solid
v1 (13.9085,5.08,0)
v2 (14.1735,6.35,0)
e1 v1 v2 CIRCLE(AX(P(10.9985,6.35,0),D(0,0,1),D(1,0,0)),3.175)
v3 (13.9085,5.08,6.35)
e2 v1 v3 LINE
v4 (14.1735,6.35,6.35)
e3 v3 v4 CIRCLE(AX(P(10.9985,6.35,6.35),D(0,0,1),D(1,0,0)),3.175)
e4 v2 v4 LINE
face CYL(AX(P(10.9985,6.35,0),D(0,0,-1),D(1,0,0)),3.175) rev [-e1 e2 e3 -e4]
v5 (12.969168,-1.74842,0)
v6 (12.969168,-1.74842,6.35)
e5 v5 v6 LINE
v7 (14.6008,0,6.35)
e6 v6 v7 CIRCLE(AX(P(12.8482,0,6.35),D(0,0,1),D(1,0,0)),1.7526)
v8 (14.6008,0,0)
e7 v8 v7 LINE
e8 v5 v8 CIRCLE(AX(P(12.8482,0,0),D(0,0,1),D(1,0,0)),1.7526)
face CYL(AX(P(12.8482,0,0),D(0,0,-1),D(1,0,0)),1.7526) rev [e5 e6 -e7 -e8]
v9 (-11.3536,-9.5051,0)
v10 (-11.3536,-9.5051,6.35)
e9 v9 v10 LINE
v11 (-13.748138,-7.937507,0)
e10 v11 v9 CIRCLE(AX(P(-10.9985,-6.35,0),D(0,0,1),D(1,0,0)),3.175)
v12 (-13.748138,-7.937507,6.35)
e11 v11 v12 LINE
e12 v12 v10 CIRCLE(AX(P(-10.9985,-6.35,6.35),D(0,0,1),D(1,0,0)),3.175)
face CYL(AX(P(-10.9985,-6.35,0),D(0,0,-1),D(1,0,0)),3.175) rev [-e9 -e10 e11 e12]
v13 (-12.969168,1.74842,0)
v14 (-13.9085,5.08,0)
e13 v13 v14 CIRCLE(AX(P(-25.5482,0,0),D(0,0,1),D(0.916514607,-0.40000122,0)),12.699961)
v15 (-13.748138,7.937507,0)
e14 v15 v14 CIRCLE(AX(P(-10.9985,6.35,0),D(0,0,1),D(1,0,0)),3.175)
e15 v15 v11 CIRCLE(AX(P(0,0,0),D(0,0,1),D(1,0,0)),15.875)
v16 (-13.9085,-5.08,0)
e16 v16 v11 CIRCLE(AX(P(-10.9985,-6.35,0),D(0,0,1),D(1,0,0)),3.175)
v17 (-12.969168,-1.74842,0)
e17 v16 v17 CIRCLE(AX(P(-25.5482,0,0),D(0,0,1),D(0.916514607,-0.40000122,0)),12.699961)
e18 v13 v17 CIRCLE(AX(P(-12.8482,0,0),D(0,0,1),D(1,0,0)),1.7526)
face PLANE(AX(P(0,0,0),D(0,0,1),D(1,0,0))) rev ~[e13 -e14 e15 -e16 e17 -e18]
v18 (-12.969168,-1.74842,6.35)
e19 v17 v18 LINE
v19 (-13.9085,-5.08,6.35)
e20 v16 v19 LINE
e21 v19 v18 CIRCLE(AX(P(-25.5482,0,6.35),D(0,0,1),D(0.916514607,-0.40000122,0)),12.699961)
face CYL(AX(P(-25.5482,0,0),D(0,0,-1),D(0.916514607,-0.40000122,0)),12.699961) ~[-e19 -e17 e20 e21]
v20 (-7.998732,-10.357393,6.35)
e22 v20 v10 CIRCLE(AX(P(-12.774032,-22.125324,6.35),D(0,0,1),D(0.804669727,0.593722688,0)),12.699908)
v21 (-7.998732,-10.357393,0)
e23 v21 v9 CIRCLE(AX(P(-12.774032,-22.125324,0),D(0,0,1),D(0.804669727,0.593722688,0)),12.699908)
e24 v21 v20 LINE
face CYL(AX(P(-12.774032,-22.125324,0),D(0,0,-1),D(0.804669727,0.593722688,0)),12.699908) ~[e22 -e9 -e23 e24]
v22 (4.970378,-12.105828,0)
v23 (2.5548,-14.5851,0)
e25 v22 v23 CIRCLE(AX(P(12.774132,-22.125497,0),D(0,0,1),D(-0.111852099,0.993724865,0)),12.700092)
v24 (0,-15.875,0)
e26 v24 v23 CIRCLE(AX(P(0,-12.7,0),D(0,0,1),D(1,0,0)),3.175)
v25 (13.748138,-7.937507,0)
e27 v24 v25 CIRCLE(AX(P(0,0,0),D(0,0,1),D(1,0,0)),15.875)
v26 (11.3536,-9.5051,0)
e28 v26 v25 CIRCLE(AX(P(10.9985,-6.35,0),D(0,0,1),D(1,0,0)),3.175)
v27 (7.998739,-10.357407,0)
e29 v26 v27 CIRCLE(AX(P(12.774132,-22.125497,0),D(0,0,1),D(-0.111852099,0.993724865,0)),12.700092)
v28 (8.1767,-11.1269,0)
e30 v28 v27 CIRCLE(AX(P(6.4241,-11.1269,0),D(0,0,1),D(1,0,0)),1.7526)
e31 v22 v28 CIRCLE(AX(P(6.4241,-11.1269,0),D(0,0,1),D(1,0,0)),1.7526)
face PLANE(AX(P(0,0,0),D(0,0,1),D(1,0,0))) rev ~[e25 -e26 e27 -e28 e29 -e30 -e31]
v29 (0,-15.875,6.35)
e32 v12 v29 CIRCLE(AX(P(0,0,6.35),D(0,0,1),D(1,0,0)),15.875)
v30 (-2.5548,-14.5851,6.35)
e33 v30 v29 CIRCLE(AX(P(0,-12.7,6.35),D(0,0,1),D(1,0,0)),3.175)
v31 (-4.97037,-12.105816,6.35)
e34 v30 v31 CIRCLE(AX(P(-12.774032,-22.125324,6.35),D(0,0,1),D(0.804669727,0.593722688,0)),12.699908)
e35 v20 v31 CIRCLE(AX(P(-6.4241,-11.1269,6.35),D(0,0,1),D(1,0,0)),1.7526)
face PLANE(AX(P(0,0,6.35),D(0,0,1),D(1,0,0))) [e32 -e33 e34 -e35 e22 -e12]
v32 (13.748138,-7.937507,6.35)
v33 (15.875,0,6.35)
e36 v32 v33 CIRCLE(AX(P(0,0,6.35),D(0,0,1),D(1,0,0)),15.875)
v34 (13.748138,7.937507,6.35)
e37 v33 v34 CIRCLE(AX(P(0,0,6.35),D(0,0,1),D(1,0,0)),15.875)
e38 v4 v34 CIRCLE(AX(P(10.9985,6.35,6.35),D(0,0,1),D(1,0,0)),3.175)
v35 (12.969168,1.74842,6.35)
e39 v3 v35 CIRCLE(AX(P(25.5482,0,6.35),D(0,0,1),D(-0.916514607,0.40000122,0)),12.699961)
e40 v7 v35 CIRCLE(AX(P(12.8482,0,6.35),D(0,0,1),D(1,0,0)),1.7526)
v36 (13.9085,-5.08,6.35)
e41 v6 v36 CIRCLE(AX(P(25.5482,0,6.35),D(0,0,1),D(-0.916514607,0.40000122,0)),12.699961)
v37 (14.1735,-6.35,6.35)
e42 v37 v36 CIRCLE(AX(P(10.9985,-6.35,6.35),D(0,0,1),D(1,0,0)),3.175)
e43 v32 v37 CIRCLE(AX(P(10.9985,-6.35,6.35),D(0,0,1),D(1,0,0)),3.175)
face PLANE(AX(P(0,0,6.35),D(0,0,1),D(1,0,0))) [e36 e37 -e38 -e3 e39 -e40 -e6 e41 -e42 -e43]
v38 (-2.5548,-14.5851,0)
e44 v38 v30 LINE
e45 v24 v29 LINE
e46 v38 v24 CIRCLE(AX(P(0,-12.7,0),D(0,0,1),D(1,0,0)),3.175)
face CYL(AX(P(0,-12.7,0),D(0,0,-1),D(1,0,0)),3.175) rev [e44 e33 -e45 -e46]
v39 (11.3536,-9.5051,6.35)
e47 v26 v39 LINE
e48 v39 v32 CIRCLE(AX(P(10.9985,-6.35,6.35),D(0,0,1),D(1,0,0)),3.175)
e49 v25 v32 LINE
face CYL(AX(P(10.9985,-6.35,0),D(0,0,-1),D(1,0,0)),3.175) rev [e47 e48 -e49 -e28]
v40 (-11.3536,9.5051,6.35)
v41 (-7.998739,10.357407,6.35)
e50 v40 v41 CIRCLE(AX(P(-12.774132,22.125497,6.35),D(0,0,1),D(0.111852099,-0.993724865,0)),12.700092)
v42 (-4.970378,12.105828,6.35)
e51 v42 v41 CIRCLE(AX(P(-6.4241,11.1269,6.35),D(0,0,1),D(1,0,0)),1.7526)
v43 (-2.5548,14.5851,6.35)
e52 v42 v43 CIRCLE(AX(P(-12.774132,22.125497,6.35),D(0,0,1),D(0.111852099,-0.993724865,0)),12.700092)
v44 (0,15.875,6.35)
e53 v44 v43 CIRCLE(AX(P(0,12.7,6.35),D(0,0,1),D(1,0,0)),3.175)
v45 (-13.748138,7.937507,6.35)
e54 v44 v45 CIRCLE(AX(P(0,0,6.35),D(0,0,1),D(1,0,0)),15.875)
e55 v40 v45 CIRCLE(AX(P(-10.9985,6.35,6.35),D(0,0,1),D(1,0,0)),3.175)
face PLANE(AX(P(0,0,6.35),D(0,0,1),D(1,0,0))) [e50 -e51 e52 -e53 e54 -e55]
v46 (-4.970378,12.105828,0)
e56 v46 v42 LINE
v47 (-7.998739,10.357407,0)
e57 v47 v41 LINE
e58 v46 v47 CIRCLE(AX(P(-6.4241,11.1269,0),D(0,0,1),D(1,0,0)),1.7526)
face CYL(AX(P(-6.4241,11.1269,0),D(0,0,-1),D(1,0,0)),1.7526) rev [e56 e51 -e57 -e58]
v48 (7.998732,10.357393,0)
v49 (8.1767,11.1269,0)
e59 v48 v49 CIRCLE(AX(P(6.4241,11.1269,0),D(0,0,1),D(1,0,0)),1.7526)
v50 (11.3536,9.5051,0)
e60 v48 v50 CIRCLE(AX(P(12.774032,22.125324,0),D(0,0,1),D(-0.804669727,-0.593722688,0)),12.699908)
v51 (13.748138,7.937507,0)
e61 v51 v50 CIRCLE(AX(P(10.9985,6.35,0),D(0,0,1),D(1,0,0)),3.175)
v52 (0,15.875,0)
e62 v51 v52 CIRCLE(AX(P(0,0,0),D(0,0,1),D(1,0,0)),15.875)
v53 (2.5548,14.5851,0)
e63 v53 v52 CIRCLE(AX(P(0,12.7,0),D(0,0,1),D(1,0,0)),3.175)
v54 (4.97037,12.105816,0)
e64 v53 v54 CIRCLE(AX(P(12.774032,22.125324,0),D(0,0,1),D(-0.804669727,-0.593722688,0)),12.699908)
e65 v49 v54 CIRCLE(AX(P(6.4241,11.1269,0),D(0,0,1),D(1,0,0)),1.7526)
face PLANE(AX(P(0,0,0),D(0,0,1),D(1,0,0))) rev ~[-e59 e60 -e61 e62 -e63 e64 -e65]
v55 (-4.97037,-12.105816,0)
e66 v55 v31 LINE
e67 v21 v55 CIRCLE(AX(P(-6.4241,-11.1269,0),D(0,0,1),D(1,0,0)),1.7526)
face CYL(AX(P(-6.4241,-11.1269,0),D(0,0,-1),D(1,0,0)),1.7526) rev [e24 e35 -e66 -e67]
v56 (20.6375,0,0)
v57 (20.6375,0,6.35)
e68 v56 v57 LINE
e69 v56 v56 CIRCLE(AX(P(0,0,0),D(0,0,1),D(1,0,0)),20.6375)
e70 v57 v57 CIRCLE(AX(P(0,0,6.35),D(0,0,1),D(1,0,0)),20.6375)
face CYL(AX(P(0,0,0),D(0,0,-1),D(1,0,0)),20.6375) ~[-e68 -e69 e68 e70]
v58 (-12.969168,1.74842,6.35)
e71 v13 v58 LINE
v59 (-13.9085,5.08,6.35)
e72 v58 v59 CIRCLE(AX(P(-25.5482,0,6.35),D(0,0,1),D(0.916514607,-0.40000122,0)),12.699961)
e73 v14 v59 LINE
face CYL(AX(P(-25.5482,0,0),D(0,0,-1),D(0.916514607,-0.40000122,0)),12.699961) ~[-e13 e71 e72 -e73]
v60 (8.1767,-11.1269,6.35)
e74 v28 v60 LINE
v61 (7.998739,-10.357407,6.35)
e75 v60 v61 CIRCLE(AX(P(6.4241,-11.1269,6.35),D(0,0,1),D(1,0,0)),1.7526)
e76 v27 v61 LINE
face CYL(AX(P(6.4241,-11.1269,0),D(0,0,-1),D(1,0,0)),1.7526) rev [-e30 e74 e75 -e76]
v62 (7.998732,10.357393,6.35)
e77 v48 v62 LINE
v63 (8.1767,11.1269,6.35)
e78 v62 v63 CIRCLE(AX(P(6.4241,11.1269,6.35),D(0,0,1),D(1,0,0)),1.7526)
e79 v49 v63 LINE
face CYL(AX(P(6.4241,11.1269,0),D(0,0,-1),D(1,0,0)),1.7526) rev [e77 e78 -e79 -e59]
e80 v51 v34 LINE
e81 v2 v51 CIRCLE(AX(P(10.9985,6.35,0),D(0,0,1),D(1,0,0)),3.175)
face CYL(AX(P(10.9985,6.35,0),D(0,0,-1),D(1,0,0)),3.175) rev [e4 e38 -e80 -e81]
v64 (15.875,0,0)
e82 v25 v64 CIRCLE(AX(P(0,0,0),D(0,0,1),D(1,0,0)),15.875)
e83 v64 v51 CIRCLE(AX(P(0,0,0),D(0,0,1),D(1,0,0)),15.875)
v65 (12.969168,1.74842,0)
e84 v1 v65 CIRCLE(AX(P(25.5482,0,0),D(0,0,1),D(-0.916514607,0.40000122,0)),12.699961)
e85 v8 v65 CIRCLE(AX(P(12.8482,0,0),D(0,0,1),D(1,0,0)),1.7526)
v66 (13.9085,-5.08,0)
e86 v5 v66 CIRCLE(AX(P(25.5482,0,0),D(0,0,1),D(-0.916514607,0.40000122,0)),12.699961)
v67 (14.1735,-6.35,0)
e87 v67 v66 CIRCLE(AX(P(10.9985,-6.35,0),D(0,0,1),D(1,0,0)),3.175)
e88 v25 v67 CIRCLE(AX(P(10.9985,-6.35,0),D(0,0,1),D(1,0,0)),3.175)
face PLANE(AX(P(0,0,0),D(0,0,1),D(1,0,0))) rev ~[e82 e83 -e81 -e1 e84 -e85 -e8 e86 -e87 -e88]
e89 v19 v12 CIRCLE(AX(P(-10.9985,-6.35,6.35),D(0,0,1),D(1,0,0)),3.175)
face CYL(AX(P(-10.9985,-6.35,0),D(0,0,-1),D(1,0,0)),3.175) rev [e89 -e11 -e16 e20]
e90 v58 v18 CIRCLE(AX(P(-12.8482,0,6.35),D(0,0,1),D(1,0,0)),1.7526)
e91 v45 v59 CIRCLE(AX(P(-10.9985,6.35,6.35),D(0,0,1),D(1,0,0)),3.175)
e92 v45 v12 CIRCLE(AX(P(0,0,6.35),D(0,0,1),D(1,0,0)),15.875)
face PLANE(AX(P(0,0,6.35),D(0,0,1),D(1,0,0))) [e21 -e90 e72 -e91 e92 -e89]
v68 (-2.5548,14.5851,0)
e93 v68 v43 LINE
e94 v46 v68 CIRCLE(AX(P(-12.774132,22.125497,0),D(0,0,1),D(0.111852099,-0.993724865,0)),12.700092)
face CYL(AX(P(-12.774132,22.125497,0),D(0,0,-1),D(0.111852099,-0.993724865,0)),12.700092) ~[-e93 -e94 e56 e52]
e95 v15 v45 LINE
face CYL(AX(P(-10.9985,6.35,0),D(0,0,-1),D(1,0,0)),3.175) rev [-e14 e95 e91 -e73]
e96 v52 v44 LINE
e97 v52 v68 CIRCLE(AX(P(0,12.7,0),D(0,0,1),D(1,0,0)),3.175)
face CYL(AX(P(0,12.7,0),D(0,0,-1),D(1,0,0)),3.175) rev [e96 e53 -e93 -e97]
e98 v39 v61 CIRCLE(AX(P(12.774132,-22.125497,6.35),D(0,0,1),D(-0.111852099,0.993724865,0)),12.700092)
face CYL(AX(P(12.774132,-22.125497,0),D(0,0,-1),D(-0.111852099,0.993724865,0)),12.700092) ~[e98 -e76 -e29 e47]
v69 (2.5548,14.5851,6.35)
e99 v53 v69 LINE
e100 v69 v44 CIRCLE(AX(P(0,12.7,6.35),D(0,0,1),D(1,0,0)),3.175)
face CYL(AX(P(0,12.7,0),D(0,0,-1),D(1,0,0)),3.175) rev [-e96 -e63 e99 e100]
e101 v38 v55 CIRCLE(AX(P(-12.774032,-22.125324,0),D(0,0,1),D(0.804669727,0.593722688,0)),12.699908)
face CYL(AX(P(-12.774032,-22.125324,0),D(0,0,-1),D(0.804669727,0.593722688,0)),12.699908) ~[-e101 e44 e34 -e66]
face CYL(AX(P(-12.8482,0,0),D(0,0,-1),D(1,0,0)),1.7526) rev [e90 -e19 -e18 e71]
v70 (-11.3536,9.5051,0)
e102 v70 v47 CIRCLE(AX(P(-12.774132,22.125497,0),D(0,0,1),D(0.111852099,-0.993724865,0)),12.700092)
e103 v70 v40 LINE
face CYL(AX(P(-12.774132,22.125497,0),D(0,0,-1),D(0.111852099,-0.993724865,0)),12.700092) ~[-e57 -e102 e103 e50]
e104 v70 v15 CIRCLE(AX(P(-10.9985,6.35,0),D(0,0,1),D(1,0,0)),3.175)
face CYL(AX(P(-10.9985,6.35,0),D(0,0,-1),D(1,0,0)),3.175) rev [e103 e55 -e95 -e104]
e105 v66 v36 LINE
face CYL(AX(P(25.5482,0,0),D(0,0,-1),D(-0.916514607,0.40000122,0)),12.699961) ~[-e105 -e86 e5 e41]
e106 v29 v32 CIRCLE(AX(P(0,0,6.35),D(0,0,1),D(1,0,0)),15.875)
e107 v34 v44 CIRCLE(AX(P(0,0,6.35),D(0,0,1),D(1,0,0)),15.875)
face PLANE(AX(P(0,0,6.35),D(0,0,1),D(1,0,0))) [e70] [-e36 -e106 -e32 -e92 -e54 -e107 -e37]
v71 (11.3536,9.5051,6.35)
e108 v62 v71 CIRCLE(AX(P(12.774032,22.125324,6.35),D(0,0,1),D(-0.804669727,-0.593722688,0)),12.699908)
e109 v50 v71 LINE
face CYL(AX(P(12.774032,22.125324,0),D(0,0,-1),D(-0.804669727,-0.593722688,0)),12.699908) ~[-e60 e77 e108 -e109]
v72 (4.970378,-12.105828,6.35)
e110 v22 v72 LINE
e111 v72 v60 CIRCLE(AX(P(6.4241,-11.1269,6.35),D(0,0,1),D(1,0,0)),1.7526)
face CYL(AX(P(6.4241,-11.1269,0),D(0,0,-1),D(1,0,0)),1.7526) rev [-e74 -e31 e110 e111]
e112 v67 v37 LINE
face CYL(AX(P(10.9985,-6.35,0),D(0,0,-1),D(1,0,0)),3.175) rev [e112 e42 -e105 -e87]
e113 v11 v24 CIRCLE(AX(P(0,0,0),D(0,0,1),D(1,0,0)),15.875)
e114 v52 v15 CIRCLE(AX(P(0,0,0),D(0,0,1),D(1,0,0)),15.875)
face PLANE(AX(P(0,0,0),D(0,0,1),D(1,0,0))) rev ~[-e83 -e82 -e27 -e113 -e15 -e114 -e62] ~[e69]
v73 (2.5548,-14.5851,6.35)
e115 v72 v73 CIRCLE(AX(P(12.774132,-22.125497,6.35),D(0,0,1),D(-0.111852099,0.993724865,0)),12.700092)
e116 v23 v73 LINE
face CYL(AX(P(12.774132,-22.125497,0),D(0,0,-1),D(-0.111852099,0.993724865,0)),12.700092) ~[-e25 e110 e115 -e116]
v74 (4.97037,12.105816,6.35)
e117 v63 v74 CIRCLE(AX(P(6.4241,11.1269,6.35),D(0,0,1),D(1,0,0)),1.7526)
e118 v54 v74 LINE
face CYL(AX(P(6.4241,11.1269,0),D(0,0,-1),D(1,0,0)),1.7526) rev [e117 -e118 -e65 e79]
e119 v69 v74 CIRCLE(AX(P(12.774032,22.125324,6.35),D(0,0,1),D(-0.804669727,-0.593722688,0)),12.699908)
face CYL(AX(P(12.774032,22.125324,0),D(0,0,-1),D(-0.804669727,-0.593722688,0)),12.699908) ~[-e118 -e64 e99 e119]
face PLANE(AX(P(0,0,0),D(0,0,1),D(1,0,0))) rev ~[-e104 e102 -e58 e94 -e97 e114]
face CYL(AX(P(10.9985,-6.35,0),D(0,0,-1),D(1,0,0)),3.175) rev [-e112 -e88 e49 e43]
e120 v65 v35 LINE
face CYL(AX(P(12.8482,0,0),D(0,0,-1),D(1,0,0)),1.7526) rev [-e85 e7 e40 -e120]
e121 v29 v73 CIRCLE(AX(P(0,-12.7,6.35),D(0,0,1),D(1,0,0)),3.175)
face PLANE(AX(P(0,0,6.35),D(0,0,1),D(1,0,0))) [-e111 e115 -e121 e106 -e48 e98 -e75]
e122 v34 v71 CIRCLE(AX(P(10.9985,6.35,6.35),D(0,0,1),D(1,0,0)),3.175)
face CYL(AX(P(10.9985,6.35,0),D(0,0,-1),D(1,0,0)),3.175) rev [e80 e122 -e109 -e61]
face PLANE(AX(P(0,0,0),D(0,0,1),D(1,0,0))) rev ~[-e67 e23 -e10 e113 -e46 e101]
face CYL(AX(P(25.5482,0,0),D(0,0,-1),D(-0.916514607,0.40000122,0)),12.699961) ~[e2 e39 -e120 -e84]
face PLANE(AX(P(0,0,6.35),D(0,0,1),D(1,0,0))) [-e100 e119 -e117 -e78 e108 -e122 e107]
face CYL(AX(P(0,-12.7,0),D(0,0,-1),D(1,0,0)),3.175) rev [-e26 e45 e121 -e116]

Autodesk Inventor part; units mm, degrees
ref_plane "YZ Plane" through (0, 0, 0) normal (1, 0, 0) x (0, 1, 0)
ref_plane "XZ Plane" through (0, 0, 0) normal (0, 1, 0) x (-1, 0, 0)
ref_plane "XY Plane" through (0, 0, 0) normal (0, 0, 1) x (1, 0, 0)
sketch "Sketch1" plane through (0, 0, 0) normal (0, 0, 1) x (1, 0, 0)
  circle A0 centre (0, 0) radius 20.6375
  circle A1 centre (0, 0) radius 7.9375 construction
  circle A2 centre (0, 0) radius 15.875
  line L0 (0, 0) -> (0, 20.6375) construction
  circle A3 centre (0, 0) radius 3.175 construction
  circle A4 centre (0, 12.7) radius 3.175
  line L1 (0, 12.7) -> (10.9985, 6.35) construction
  line L2 (10.9985, 6.35) -> (10.9985, -6.35) construction
  line L3 (10.9985, -6.35) -> (0, -12.7) construction
  line L4 (0, -12.7) -> (-10.9985, -6.35) construction
  line L5 (-10.9985, -6.35) -> (-10.9985, 6.35) construction
  line L6 (-10.9985, 6.35) -> (0, 12.7) construction
  circle A5 centre (10.9985, 6.35) radius 3.175
  arc A6 (2.5548, 14.5851) -> (11.3536, 9.5051) centre (12.7741, 22.1254) ccw
  arc A7 (-11.3536, 9.5051) -> (-2.5548, 14.5851) centre (-12.7741, 22.1254) ccw
  circle A8 centre (0, 12.7) radius 3.175
  arc A9 (-13.9085, -5.08) -> (-13.9085, 5.08) centre (-25.5482, 0) ccw
  circle A10 centre (-10.9985, 6.35) radius 3.175
  arc A11 (-2.5548, -14.5851) -> (-11.3536, -9.5051) centre (-12.7741, -22.1254) ccw
  circle A12 centre (-10.9985, -6.35) radius 3.175
  arc A13 (11.3536, -9.5051) -> (2.5548, -14.5851) centre (12.7741, -22.1254) ccw
  circle A14 centre (0, -12.7) radius 3.175
  arc A15 (13.9085, 5.08) -> (13.9085, -5.08) centre (25.5482, 0) ccw
  circle A16 centre (10.9985, -6.35) radius 3.175
  circle A17 centre (6.4241, -11.1269) radius 1.7526
  circle A18 centre (12.8482, 0) radius 1.7526
  circle A19 centre (6.4241, 11.1269) radius 1.7526
  circle A20 centre (-6.4241, 11.1269) radius 1.7526
  circle A21 centre (-12.8482, 0) radius 1.7526
  circle A22 centre (-6.4241, -11.1269) radius 1.7526
  point P0 (13.9085, 5.08)
  point P1 (11.3536, -9.5051)
  point P2 (-2.5548, -14.5851)
  point P3 (-13.9085, -5.08)
  point P4 (-11.3536, 9.5051)
  point P5 (-2.5548, 14.5851)
  point P6 (12.9691, 1.7484)
  point P7 (12.9691, -1.7484)
  point P8 (7.9987, -10.3574)
  point P9 (4.9704, -12.1058)
  point P10 (-4.9704, -12.1058)
  point P11 (-7.9987, -10.3574)
  point P12 (-12.9691, -1.7484)
  point P13 (-12.9691, 1.7484)
  point P14 (-7.9987, 10.3574)
  point P15 (-4.9704, 12.1058)
  point P16 (4.9704, 12.1058)
  point P17 (7.9987, 10.3574)
  dimension "d0" = 41.275
  dimension "d13" = 6.35
  dimension "d14" = 6.35
  dimension "d1" = 15.875
  dimension "d4" = 6.35
  dimension "d15" = 12.7
  dimension "d18" = 360
  dimension "d20" = 3.5052
  dimension "d23" = 360
  dimension "Brass_ID" = 31.75
extrude "Extrusion1" add sketch "Sketch1" along normal blind 6.35 contours A0 | A2 A16 A15 A18 A5 | A5 A6 A19 A4 A2 | A2 A14 A13 A17 A16 | A4 A7 A20 A10 A2 | A2 A12 A11 A22 A14 | A10 A9 A21 A12 A2
equation "\"d0\" = Brass_OD"
equation "\"Brass_OD\" = 41.275"
properties part number "Brass Gryo" material "Brass, Soft Yellow"
